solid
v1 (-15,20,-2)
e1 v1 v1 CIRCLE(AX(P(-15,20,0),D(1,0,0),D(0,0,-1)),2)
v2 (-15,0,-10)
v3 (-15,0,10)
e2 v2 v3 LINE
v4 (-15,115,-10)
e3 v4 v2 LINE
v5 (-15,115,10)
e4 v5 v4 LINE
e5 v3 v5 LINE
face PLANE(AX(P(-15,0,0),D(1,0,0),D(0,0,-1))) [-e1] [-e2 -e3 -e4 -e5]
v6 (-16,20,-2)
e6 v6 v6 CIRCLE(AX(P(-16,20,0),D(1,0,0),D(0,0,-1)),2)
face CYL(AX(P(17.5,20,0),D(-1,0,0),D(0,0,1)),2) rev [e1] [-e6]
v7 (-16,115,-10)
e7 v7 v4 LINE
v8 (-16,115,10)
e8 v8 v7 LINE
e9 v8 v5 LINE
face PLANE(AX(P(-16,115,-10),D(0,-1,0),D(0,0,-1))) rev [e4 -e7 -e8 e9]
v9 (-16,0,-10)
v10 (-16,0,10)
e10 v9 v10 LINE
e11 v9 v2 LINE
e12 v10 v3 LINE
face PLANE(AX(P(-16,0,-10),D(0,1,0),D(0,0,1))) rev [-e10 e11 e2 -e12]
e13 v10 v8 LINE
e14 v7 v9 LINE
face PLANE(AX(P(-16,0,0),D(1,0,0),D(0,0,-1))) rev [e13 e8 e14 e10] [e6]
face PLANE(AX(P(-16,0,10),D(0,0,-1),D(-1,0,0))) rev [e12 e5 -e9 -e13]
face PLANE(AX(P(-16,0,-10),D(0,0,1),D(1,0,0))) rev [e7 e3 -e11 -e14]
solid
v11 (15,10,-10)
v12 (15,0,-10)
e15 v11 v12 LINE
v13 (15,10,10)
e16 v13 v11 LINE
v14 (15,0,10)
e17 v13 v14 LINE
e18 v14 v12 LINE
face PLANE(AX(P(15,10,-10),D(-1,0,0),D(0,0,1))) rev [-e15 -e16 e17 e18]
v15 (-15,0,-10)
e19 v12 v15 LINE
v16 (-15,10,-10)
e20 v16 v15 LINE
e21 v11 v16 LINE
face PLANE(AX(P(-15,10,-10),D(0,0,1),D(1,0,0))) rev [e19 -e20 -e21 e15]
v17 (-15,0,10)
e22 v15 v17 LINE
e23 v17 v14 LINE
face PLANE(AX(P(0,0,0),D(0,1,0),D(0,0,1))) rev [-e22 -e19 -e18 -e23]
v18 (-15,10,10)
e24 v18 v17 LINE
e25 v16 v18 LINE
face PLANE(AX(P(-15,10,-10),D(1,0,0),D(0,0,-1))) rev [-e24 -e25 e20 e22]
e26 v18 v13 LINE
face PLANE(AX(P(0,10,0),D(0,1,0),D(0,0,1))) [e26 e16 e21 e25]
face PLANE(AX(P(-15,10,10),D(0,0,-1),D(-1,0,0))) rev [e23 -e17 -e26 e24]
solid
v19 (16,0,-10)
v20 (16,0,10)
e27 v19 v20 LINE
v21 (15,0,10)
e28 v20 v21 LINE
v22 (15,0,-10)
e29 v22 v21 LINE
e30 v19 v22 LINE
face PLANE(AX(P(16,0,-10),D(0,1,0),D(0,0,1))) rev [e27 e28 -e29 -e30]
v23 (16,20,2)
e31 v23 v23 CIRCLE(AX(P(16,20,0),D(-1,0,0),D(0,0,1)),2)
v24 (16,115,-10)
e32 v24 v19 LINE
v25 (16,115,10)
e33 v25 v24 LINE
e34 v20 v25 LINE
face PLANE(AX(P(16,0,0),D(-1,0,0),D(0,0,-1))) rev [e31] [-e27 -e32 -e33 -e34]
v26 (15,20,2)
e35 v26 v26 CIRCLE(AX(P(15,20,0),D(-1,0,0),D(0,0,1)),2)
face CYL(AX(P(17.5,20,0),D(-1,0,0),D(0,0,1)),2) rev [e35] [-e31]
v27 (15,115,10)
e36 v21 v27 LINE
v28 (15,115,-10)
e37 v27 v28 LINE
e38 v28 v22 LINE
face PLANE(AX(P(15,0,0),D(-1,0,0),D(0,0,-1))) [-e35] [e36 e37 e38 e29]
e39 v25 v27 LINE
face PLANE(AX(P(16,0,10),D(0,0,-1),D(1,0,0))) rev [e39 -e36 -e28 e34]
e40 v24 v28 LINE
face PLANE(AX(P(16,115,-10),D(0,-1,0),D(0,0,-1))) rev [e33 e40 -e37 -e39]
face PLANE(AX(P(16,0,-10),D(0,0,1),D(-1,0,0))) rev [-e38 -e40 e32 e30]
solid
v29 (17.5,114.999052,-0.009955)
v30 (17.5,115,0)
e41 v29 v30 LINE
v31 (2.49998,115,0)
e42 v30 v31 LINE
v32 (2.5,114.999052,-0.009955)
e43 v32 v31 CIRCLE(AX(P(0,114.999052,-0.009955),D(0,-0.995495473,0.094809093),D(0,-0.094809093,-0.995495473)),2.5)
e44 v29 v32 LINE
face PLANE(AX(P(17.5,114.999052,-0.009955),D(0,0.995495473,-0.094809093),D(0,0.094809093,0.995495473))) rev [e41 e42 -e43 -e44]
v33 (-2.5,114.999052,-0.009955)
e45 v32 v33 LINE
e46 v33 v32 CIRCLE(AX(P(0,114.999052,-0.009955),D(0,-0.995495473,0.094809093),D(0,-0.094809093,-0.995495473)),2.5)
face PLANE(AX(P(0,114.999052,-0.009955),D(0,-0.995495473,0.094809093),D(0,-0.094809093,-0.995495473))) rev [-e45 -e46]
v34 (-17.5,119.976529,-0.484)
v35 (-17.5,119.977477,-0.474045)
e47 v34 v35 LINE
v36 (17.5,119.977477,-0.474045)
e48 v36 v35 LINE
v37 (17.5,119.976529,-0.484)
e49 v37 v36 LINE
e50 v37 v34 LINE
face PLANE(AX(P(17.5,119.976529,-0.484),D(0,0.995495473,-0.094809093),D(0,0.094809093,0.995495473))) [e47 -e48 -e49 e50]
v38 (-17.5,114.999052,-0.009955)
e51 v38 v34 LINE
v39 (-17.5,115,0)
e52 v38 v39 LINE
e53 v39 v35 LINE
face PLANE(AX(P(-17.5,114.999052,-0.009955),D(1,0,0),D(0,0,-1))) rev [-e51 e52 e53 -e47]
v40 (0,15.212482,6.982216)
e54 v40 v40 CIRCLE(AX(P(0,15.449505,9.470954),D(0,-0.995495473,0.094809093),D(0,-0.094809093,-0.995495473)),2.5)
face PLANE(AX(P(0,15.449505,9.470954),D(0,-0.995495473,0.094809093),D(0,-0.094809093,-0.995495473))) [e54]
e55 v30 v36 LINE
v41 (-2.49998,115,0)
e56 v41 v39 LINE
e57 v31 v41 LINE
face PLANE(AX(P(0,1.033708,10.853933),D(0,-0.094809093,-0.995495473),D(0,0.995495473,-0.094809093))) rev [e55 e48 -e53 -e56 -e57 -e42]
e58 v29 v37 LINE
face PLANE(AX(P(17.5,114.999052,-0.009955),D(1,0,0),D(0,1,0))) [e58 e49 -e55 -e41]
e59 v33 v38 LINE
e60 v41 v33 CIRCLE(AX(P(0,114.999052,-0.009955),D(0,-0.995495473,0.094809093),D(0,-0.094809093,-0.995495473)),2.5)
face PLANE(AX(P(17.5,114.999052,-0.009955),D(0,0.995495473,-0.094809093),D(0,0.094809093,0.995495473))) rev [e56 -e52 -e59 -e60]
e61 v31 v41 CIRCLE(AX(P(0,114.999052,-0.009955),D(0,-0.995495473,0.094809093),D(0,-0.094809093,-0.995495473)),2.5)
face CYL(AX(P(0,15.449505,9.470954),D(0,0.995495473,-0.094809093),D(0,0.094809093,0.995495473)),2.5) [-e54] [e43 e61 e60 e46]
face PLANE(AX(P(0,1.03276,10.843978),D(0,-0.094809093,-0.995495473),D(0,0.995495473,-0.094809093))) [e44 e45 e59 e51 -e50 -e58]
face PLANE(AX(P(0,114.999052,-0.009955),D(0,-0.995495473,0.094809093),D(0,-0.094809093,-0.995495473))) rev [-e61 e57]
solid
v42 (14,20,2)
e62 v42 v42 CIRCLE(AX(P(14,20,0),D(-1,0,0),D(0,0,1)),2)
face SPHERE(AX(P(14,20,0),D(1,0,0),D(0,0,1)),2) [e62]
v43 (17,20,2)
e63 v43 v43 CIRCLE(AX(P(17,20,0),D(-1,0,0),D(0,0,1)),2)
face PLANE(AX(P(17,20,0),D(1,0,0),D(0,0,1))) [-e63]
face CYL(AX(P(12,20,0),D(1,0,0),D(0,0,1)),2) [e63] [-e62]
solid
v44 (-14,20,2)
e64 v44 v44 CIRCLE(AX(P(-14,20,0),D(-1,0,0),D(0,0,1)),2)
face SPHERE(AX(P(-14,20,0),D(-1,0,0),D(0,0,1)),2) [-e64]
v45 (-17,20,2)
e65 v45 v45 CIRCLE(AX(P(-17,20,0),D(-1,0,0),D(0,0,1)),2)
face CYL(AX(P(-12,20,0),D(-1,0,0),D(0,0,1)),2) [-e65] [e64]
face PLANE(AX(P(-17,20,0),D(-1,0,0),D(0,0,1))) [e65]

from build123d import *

# Parameters (mm, degrees)
SKETCH1_W                = 30
SKETCH1_H                = 20
BOSS_EXTRUDE1_DEPTH      = 10
SKETCH2_W                = 20
SKETCH2_H                = 115
BOSS_EXTRUDE2_DEPTH      = 1
SKETCH3_R                = 2
BOSS_EXTRUDE6_DEPTH      = 1
BOSS_EXTRUDE6_DEPTH_BACK = 4
FILLET1_R                = 2
SKETCH6_W                = 35
SKETCH6_H                = 5
BOSS_EXTRUDE3_DEPTH      = 0.01
SKETCH7_R                = 2.5
BOSS_EXTRUDE5_DEPTH      = 100
SKETCH8_R                = 2
CUT_EXTRUDE2_DEPTH       = 2.5
CUT_EXTRUDE2_DEPTH_BACK  = 34.5


with BuildPart() as part:
    # Sketch1 → Boss-Extrude1 (new body)
    with BuildSketch(Plane(origin=(0, 0, 0), x_dir=(1, 0, 0), z_dir=(0, 1, 0))):
        Rectangle(SKETCH1_W, SKETCH1_H)
    extrude(amount=BOSS_EXTRUDE1_DEPTH)


with BuildPart() as body_2:
    # Sketch2 → Boss-Extrude2 (new body)
    with BuildSketch(Plane.ZY.offset(15)):
        with Locations((0, 57.5)):
            Rectangle(SKETCH2_W, SKETCH2_H)
    extrude(amount=BOSS_EXTRUDE2_DEPTH)


with BuildPart() as body_3:
    # Sketch3 → Boss-Extrude6 (new body, two sides)
    with BuildSketch(Plane.ZY.offset(16)) as boss_extrude6_sk:
        with Locations((0, 20)):
            Circle(SKETCH3_R)
    extrude(amount=BOSS_EXTRUDE6_DEPTH)
    extrude(boss_extrude6_sk.sketch, amount=-BOSS_EXTRUDE6_DEPTH_BACK)

    # Fillet1
    fillet1_edges = [body_3.edges().sort_by_distance(p)[0] for p in [
        (-12, 20, -2),
    ]]
    fillet(fillet1_edges, radius=FILLET1_R)


with BuildPart() as body_4:
    # Mirror3: mirrored copy
    add(body_2.part.mirror(Plane(origin=(0, 0, 0), x_dir=(0, 0, 1), z_dir=(1, 0, 0))))


with BuildPart() as body_5:
    # Mirror3 2: mirrored copy
    add(body_3.part.mirror(Plane(origin=(0, 0, 0), x_dir=(0, 0, 1), z_dir=(1, 0, 0))))


with BuildPart() as body_6:
    # Sketch6 → Boss-Extrude3 (new body)
    with BuildSketch(Plane(origin=(0, 1.033707865, 10.853932584), x_dir=(-1, 0, 0), z_dir=(0, -0.094809093, -0.995495473))):
        with Locations((0, 116.981979348)):
            Rectangle(SKETCH6_W, SKETCH6_H)
    extrude(amount=BOSS_EXTRUDE3_DEPTH)

    # Sketch7 → Boss-Extrude5 (add)
    with BuildSketch(Plane(origin=(0, 113.966292135, -10.853932584), x_dir=(1, 0, 0), z_dir=(0, -0.995495473, 0.094809093))):
        with Locations((0, 10.893045652)):
            Circle(SKETCH7_R)
    extrude(amount=BOSS_EXTRUDE5_DEPTH)


with BuildPart() as cut_extrude2_tool:
    # Sketch8 → Cut-Extrude2 (new body, two sides)
    with BuildSketch(Plane.ZY.offset(16)) as cut_extrude2_sk:
        with Locations((0, 20)):
            Circle(SKETCH8_R)
    extrude(amount=CUT_EXTRUDE2_DEPTH)
    extrude(cut_extrude2_sk.sketch, amount=-CUT_EXTRUDE2_DEPTH_BACK)


with BuildPart() as body_2_1:
    add(body_2.part)

    # Cut-Extrude2: cut by cut_extrude2_tool
    add(cut_extrude2_tool.part, mode=Mode.SUBTRACT)


with BuildPart() as body_4_1:
    add(body_4.part)

    # Cut-Extrude2: cut by cut_extrude2_tool
    add(cut_extrude2_tool.part, mode=Mode.SUBTRACT)


solid = Compound([part.part, body_3.part, body_5.part, body_6.part, body_2_1.part, body_4_1.part])
